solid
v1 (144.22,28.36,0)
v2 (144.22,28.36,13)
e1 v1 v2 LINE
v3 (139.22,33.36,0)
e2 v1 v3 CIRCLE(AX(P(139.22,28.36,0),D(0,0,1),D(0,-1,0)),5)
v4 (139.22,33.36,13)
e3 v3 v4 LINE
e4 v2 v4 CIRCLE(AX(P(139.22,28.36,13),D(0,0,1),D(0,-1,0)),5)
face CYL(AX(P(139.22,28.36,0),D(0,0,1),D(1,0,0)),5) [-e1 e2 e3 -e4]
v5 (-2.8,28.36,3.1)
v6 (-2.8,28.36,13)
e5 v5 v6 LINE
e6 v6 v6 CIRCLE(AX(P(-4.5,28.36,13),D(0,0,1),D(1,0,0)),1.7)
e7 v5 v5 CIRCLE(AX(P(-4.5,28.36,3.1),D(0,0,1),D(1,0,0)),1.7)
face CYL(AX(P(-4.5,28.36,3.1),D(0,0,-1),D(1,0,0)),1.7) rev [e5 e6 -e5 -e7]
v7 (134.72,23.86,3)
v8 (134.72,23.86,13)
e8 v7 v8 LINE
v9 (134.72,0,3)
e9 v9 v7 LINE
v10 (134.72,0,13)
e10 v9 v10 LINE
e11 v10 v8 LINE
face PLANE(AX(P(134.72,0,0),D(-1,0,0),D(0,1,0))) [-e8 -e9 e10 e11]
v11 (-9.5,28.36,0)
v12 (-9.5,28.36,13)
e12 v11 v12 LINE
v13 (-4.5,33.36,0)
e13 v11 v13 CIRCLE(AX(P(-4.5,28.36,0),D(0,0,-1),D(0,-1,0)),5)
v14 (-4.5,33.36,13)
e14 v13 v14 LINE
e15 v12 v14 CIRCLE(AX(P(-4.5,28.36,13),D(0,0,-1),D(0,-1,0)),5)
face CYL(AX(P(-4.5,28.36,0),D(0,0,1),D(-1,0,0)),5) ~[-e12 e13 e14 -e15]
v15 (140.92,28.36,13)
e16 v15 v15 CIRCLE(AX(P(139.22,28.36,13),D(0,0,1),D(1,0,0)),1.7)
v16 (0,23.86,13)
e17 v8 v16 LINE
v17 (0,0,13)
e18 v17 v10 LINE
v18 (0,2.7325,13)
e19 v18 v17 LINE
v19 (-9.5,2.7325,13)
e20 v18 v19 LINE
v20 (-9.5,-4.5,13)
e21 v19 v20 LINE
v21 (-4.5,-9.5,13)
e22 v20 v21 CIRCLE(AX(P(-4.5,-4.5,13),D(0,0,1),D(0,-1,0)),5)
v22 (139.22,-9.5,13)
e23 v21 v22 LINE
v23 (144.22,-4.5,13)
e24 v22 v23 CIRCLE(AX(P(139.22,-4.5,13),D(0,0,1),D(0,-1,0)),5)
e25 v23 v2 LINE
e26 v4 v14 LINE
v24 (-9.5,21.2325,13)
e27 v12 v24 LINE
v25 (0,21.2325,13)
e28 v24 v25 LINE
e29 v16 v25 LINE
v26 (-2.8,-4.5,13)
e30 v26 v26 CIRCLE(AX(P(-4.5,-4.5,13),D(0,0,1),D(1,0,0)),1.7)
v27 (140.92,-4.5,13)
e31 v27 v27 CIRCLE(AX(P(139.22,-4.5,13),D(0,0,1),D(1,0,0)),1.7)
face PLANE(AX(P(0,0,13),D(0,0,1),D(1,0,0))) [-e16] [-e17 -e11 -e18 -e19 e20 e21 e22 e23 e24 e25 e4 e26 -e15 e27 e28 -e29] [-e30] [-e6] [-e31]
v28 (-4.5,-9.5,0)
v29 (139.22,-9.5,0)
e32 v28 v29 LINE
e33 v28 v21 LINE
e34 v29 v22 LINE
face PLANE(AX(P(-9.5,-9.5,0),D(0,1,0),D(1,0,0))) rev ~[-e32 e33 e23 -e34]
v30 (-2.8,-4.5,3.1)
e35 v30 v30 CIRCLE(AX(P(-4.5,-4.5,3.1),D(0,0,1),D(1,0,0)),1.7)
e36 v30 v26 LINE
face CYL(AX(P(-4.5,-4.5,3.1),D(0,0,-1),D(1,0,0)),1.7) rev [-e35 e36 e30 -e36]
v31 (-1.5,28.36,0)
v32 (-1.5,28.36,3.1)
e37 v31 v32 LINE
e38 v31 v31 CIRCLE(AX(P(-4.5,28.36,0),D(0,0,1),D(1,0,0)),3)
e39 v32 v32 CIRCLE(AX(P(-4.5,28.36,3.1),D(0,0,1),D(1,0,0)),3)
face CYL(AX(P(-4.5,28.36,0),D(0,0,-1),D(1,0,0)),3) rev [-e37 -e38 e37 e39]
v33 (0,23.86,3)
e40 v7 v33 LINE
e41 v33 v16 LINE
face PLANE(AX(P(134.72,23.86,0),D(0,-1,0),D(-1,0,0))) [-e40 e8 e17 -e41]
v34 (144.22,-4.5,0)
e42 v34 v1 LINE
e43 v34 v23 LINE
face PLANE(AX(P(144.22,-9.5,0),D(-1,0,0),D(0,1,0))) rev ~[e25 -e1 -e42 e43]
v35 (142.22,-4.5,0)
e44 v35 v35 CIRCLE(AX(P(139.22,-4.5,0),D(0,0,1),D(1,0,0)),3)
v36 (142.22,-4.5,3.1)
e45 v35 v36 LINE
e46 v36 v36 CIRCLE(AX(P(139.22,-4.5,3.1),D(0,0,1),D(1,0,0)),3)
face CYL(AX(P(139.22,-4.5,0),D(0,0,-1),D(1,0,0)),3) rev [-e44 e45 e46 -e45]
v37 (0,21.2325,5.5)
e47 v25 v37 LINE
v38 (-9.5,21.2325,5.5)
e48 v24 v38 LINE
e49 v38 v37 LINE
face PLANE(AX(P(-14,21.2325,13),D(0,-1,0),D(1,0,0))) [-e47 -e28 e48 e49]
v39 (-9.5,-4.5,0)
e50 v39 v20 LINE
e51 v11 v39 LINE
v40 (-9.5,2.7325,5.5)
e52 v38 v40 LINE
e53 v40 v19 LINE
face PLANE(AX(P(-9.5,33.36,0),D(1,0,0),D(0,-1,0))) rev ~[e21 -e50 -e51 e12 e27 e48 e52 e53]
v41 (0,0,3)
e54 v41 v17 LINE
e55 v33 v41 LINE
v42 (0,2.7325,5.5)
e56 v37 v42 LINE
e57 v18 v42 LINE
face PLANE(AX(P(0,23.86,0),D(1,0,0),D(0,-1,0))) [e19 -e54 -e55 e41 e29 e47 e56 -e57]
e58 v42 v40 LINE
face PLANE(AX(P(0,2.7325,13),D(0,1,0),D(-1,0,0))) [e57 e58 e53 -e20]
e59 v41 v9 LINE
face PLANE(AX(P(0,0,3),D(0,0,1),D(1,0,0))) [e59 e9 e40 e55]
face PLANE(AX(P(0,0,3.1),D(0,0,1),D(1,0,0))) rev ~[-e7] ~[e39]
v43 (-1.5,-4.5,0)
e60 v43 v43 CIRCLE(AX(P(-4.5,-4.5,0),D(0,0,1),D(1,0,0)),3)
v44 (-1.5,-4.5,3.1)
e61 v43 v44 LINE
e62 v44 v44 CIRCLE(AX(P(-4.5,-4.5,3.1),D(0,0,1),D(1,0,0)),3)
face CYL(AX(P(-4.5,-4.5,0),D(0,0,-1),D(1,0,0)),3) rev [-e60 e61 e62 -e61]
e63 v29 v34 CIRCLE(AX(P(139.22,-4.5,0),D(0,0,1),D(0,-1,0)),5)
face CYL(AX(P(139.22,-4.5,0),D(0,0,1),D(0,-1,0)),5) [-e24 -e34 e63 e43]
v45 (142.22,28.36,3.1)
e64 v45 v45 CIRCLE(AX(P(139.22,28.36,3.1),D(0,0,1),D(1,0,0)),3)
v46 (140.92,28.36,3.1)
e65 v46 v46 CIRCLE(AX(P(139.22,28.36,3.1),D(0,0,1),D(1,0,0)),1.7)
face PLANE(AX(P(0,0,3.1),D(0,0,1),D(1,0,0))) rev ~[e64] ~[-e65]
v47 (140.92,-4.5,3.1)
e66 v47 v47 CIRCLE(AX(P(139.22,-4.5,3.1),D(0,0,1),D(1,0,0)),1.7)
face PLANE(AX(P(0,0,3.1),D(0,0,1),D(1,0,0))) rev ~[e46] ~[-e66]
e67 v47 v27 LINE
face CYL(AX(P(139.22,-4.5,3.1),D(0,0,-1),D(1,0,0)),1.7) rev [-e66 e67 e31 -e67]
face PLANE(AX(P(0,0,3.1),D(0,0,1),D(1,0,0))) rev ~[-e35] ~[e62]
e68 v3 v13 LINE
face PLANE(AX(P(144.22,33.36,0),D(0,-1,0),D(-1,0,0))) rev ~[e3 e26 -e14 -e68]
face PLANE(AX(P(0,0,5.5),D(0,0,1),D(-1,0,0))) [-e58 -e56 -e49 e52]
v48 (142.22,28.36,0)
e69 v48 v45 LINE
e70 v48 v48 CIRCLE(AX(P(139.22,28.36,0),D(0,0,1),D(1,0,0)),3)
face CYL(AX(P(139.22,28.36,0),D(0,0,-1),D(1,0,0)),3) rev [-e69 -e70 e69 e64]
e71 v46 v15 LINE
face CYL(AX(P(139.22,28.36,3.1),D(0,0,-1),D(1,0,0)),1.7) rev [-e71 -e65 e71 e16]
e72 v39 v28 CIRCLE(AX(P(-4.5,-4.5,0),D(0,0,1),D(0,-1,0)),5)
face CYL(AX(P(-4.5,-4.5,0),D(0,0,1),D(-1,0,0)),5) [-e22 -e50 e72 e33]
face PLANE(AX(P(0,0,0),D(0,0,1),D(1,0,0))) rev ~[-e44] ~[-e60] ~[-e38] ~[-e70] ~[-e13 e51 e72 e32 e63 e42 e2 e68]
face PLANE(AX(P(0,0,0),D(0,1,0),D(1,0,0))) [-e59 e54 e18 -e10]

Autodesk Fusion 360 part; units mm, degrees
sketch "Sketch1" plane through (0, 0, 0) normal (0, 0, 1) x (1, 0, 0) in component "WeCopy"
  line L0 (0, 0) -> (134.72, 0)
  line L1 (134.72, 0) -> (134.72, 23.86)
  line L2 (134.72, 23.86) -> (0, 23.86)
  line L3 (0, 23.86) -> (0, 0)
  line L4 (-9.5, -9.5) -> (144.22, -9.5)
  line L5 (144.22, -9.5) -> (144.22, 33.36)
  line L6 (144.22, 33.36) -> (-9.5, 33.36)
  line L7 (-9.5, 33.36) -> (-9.5, -9.5)
  circle A0 centre (139.22, 28.36) radius 1.7
  circle A1 centre (139.22, -4.5) radius 1.7
  circle A2 centre (-4.5, 28.36) radius 1.7
  circle A3 centre (-4.5, -4.5) radius 1.7
  circle A4 centre (139.22, 28.36) radius 3
  circle A5 centre (139.22, -4.5) radius 3
  circle A6 centre (-4.5, -4.5) radius 3
  circle A7 centre (-4.5, 28.36) radius 3
  dimension "d1" = 134.72
  dimension "d2" = 23.86
  dimension "d3" = 153.72
  dimension "d4" = 42.86
  dimension "d5" = 9.5
  dimension "d6" = 9.5
  dimension "d7" = 9.5
  dimension "d8" = 9.5
  dimension "d9" = 3.4
  dimension "d10" = 3.4
  dimension "d11" = 3.4
  dimension "d12" = 3.4
  dimension "d13" = 5
  dimension "d14" = 5
  dimension "d15" = 5
  dimension "d16" = 5
  dimension "d17" = 5
  dimension "d18" = 5
  dimension "d19" = 5
  dimension "d20" = 5
  dimension "d21" = 6
  dimension "d22" = 6
  dimension "d23" = 6
  dimension "d24" = 6
extrude "Extrude2" add sketch "Sketch1" along normal blind 9.9 from surface at 3.1 contours A4 | A5 | A6 | A7 makes body 1 at (138.2645, 25.5162, 9.7) makes body 2 at (-1.5037, -4.6495, 9.7) makes body 3 at (142.2163, -4.6495, 9.7) makes body 4 at (-1.5037, 28.2105, 9.7) in component "WeCopy"
extrude "Extrude3" add sketch "Sketch1" along normal blind 13 contours L4 L5 L6 L7 bodies 1 2 3 4 in component "WeCopy"
extrude "Extrude4" add sketch "Sketch1" along normal blind 3 contours L0 L1 L2 L3 bodies 1 in component "WeCopy"
sketch "Sketch2" plane through (0, 0, 3) normal (0, 0, 1) x (-1, 0, 0) in component "WeCopy"
  line L0 (0, -23.86) -> (0, 0)
  line L1 (0, 0) -> (-134.72, 0)
  line L2 (-134.72, 0) -> (-134.72, -23.86)
  line L3 (-134.72, -23.86) -> (0, -23.86)
  line L4 (14, -21.2325) -> (-4.5, -21.2325)
  line L5 (-4.5, -21.2325) -> (-4.5, -2.7325)
  line L6 (-4.5, -2.7325) -> (14, -2.7325)
  line L7 (14, -2.7325) -> (14, -21.2325)
  line L8 (9.5, 9.5) -> (-144.22, 9.5)
  dimension "d35" = 18.5
  dimension "d36" = 18.5
  dimension "d37" = 12.2325
extrude "Extrude5" cut sketch "Sketch2" against normal blind 7.5 from surface at 10 contours L0 L4 L6 L7 bodies 1 in component "WeCopy"
fillet "Fillet1" radius 5 1 edges at (-9.5, 33.36, 6.5) on bodies 1 in component "WeCopy"
fillet "Fillet2" radius 5 1 edges at (-9.5, -9.5, 6.5) on bodies 1 in component "WeCopy"
fillet "Fillet3" radius 5 1 edges at (144.22, -9.5, 6.5) on bodies 1 in component "WeCopy"
fillet "Fillet4" radius 5 1 edges at (144.22, 33.36, 6.5) on bodies 1 in component "WeCopy"
component "WeCopy" placed x (1, 0, 0) y (0, 1, 0) z (0, 0, 1) at (0, 0, 0)
equation "d1 = 96.620 mm + 38.1 mm"
equation "d3 = 115.620 mm + 38.1 mm"
